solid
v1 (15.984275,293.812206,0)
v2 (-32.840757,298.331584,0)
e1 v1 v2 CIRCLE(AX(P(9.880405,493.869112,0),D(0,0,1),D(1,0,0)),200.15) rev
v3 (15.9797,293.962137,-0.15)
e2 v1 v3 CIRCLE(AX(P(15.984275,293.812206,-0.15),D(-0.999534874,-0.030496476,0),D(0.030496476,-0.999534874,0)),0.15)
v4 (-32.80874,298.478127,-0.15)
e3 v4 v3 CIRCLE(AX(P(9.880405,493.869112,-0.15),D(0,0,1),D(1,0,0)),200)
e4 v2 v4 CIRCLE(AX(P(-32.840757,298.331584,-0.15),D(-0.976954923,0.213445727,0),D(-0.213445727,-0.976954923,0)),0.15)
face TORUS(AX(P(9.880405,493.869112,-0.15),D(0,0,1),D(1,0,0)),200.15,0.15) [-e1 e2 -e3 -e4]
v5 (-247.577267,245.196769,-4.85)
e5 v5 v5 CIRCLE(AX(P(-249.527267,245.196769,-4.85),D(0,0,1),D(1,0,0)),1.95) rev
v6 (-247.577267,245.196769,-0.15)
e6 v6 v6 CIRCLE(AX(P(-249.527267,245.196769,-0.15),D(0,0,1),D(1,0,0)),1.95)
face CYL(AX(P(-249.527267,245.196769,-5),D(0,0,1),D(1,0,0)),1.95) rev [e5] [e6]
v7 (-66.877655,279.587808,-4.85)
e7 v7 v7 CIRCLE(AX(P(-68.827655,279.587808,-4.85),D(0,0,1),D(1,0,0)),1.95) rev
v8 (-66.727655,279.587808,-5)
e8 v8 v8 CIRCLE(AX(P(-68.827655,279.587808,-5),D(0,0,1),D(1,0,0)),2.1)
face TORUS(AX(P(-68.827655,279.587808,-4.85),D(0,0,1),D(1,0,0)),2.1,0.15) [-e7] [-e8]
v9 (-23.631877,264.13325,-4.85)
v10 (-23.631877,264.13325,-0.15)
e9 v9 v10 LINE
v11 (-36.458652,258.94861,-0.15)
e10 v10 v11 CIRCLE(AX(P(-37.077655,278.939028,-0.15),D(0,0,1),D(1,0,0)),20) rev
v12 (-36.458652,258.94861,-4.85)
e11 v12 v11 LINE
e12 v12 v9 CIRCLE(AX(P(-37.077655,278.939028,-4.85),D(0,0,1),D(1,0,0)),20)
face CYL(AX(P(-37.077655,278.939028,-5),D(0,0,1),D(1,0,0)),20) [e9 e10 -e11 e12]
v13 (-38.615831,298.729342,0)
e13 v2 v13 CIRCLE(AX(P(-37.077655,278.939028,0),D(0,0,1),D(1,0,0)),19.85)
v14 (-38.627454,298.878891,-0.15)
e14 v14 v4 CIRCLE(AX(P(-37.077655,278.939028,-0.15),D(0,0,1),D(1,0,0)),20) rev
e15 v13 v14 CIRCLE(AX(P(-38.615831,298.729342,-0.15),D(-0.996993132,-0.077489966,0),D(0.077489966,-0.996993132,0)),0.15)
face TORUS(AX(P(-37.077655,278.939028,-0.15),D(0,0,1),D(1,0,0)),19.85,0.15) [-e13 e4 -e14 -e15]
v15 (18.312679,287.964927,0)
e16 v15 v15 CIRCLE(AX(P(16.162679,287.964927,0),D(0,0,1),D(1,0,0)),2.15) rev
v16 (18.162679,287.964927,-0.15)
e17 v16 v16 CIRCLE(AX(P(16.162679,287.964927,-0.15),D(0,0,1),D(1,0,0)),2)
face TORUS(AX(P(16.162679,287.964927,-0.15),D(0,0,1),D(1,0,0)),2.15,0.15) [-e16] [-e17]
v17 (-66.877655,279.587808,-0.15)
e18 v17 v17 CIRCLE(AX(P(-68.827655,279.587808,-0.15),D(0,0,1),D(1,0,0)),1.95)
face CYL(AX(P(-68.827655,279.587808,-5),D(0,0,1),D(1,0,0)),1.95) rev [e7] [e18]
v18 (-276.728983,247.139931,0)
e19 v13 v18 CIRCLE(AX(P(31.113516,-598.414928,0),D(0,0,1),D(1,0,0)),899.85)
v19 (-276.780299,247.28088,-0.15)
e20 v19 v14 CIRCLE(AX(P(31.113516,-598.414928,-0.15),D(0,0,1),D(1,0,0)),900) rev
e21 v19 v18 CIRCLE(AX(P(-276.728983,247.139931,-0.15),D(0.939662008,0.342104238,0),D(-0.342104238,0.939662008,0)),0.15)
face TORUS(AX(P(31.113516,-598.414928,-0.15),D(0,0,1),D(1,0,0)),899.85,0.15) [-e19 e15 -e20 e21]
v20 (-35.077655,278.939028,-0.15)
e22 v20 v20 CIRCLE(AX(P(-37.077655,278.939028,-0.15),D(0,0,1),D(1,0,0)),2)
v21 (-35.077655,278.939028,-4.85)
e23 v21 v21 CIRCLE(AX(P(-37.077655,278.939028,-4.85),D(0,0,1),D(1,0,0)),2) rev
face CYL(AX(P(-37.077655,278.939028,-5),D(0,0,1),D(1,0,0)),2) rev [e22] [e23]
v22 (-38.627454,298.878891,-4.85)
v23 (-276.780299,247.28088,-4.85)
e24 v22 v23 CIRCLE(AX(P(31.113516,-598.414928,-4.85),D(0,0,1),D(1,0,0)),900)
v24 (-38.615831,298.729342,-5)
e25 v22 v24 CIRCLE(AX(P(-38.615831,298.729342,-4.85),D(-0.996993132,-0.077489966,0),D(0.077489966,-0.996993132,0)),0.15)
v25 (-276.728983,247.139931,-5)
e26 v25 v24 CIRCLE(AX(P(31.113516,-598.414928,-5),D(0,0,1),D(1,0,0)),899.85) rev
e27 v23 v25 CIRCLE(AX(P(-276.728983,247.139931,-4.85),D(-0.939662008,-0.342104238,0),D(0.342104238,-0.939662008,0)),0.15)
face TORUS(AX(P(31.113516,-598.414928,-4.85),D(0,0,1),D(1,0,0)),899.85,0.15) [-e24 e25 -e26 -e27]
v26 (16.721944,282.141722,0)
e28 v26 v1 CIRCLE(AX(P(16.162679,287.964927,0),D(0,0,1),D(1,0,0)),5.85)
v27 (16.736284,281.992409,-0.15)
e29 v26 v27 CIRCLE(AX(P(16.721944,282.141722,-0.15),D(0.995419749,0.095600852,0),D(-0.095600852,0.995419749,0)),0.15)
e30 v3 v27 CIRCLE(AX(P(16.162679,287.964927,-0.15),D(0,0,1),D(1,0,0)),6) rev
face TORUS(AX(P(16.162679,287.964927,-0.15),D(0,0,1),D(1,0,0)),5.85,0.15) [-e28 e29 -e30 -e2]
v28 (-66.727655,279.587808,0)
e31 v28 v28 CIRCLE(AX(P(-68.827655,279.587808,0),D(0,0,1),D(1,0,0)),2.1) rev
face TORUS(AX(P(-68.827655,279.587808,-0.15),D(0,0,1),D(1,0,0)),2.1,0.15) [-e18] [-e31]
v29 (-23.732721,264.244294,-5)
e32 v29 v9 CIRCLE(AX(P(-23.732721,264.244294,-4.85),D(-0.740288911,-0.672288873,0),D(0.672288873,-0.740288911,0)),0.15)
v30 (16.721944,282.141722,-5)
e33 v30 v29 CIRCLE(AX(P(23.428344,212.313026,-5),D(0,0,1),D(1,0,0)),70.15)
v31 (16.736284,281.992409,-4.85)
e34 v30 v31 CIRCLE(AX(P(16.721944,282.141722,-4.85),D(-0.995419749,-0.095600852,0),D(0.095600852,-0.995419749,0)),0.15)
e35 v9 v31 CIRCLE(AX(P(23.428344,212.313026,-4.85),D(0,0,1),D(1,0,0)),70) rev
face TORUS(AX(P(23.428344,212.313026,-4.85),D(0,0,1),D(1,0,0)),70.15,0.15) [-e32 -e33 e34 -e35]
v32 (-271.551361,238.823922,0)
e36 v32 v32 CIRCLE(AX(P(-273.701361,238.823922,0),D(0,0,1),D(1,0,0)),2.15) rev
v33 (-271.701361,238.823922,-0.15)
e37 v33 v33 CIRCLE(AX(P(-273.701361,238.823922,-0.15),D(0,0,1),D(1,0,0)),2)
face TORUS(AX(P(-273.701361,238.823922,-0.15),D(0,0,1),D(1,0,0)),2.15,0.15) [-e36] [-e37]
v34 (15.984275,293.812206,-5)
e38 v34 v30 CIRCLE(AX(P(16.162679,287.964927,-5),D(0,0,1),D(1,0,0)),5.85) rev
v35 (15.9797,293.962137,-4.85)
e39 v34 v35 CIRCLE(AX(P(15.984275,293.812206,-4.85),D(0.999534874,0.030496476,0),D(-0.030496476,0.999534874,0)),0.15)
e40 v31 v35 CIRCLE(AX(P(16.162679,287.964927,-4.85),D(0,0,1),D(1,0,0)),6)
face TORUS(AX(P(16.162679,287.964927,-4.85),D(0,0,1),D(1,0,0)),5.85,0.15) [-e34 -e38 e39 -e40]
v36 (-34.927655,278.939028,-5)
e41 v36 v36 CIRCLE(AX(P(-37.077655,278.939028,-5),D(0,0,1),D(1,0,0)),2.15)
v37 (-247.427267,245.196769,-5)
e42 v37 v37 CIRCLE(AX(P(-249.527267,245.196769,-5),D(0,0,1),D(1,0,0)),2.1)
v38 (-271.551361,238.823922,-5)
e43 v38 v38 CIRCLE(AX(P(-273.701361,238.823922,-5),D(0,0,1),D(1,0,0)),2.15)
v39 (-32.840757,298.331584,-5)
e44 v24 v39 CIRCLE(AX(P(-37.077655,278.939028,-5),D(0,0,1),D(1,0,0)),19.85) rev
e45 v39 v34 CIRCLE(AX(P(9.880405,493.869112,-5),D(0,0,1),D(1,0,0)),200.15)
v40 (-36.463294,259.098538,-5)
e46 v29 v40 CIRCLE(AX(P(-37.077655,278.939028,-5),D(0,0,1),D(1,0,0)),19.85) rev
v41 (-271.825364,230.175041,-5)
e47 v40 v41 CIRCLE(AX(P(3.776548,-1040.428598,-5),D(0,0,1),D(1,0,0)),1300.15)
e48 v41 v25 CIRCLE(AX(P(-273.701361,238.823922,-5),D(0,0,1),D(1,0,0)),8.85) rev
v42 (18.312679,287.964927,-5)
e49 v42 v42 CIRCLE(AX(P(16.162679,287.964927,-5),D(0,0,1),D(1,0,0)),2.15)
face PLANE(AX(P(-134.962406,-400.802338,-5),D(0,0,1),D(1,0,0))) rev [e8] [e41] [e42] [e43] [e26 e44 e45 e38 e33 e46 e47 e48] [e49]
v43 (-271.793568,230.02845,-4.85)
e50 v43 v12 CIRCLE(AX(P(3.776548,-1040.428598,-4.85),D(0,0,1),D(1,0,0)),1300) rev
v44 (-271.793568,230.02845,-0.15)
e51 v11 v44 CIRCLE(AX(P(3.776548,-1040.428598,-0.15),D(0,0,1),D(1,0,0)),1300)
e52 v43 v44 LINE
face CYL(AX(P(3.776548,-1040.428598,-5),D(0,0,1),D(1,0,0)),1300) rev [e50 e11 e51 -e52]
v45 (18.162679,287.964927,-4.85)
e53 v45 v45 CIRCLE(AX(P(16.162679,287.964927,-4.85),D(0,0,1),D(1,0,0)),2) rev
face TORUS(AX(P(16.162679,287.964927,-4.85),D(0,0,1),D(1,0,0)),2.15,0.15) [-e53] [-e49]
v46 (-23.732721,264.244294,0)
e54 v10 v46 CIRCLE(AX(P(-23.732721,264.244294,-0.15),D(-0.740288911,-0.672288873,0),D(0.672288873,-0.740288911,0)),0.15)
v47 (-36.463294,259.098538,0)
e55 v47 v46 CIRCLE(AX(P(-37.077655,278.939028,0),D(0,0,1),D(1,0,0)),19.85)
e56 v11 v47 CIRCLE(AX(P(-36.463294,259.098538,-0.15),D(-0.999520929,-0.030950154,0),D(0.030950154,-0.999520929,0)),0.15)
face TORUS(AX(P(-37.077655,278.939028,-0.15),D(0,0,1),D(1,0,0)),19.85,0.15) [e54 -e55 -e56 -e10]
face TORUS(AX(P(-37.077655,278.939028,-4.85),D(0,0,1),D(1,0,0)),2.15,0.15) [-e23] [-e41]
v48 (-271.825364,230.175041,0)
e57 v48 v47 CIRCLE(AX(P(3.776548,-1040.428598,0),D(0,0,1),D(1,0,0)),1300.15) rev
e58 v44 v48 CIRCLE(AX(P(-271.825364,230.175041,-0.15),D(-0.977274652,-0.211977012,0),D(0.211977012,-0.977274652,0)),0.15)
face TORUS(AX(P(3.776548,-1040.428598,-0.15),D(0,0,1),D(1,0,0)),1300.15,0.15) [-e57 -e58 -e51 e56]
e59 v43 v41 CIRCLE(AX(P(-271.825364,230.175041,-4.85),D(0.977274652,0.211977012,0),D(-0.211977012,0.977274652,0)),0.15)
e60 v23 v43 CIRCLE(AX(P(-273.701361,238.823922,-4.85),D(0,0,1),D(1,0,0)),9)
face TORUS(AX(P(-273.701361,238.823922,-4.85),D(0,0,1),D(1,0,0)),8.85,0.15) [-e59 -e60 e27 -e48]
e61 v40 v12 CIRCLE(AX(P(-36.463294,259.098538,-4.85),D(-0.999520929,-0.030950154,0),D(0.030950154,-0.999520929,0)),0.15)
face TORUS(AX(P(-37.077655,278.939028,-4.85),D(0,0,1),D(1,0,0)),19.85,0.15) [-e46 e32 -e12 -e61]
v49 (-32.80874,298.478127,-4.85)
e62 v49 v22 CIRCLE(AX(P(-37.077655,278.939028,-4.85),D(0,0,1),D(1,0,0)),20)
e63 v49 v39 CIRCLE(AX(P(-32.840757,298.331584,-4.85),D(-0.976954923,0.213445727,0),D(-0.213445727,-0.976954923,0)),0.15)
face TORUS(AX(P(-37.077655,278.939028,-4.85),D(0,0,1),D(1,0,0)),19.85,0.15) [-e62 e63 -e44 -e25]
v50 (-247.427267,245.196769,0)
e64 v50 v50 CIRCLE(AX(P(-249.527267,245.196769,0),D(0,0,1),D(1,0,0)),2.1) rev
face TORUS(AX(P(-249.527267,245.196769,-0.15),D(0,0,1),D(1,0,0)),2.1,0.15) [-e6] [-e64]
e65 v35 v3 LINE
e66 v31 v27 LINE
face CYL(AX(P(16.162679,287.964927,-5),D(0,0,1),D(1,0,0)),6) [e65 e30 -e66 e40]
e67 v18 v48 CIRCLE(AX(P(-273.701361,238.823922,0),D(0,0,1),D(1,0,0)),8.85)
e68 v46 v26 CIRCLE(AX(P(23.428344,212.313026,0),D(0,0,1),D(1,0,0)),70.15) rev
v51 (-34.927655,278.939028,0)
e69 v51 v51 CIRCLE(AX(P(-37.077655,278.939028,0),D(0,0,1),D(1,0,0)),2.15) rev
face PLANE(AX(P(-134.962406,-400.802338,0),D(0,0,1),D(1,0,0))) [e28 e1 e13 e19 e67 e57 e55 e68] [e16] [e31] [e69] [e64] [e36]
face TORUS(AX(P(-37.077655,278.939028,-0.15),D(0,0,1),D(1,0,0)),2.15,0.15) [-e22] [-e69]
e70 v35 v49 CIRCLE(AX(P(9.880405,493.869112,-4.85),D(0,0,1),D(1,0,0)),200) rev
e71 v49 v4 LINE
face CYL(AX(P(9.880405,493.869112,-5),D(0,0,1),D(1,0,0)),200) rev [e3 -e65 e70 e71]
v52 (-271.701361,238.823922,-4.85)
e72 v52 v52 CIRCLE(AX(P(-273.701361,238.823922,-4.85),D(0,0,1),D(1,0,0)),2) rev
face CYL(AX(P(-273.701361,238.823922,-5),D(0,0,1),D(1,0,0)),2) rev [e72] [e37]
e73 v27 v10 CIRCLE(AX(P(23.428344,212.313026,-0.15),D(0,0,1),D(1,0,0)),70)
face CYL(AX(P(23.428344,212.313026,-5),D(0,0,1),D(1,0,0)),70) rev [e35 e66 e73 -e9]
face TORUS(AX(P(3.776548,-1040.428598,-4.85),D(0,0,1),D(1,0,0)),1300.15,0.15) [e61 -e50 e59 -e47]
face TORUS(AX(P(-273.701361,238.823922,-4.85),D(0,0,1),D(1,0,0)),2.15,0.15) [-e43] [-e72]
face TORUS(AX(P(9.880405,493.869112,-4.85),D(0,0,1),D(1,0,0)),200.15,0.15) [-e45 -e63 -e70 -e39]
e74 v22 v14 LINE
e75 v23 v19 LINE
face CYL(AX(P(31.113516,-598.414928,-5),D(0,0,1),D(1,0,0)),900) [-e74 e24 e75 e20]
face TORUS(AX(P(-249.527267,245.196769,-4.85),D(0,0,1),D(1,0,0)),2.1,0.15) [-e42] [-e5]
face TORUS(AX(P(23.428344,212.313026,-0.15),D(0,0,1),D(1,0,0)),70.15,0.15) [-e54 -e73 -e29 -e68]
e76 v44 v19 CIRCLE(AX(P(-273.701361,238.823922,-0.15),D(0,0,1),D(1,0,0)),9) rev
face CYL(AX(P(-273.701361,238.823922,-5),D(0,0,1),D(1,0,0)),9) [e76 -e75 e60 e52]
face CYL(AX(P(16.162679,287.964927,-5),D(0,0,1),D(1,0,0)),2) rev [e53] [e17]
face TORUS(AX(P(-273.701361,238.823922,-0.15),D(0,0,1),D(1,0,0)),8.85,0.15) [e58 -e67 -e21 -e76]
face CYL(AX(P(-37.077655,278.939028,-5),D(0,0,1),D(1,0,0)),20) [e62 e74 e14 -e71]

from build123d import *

# Parameters (mm, degrees)
SKETCH1_R           = 2
SKETCH1_R_2         = 1.95
BOSS_EXTRUDE1_DEPTH = 5
FILLET1_R           = 0.15


with BuildPart() as part:
    # Sketch1 → Boss-Extrude1 (new body)
    with BuildSketch(Plane.XY):
        with BuildLine():
            ThreePointArc((-276.780298859, 247.280879976), (-159.458245776, 281.177252724), (-38.627454071, 298.878891089))
            ThreePointArc((-38.627454071, 298.878891089), (-35.703409549, 298.891758843), (-32.808740213, 298.478126912))
            ThreePointArc((-32.808740213, 298.478126912), (-8.553336403, 294.720430459), (15.979700244, 293.96213667))
            ThreePointArc((15.979700244, 293.96213667), (22.150729095, 288.343420795), (16.736284207, 281.992408929))
            ThreePointArc((16.736284207, 281.992408929), (-4.892396072, 276.328147292), (-23.631877288, 264.133250235))
            ThreePointArc((-23.631877288, 264.133250235), (-29.582680643, 260.39649995), (-36.45865167, 258.948609866))
            ThreePointArc((-36.45865167, 258.948609866), (-154.786824819, 249.865033835), (-271.793567605, 230.028450028))
            ThreePointArc((-271.793567605, 230.028450028), (-282.347428026, 236.324818051), (-276.780298859, 247.280879976))
        make_face()
        with Locations((-273.701360714, 238.8239219)):
            Circle(SKETCH1_R, mode=Mode.SUBTRACT)
        with Locations((-249.527266647, 245.196768675)):
            Circle(SKETCH1_R_2, mode=Mode.SUBTRACT)
        with Locations((-68.827654746, 279.587808188)):
            Circle(SKETCH1_R_2, mode=Mode.SUBTRACT)
        with Locations((-37.077654746, 278.93902845)):
            Circle(SKETCH1_R, mode=Mode.SUBTRACT)
        with Locations((16.162679097, 287.964927424)):
            Circle(SKETCH1_R, mode=Mode.SUBTRACT)
    extrude(amount=-BOSS_EXTRUDE1_DEPTH)

    # Fillet1
    fillet1_edges = [part.edges().sort_by_distance(p)[0] for p in [
        (-4.892396072, 276.328147292, 0),
        (-29.582680643, 260.39649995, 0),
        (-154.786824819, 249.865033835, 0),
        (-282.347428026, 236.324818051, 0),
        (-29.582680643, 260.39649995, -5),
        (-4.892396072, 276.328147292, -5),
        (22.150729095, 288.343420795, -5),
        (-275.701360714, 238.8239219, -5),
        (-275.701360714, 238.8239219, 0),
        (-8.553336403, 294.720430459, -5),
        (-251.477266647, 245.196768675, -5),
        (-251.477266647, 245.196768675, 0),
        (-35.703409549, 298.891758843, -5),
        (-70.777654746, 279.587808188, -5),
        (-70.777654746, 279.587808188, 0),
        (-159.458245776, 281.177252724, -5),
        (-39.077654746, 278.93902845, -5),
        (-39.077654746, 278.93902845, 0),
        (14.162679097, 287.964927424, -5),
        (14.162679097, 287.964927424, 0),
        (-282.347428026, 236.324818051, -5),
        (-159.458245776, 281.177252724, 0),
        (-154.786824819, 249.865033835, -5),
        (-35.703409549, 298.891758843, 0),
        (-8.553336403, 294.720430459, 0),
        (22.150729095, 288.343420795, 0),
    ]]
    fillet(fillet1_edges, radius=FILLET1_R)


solid = part.part
